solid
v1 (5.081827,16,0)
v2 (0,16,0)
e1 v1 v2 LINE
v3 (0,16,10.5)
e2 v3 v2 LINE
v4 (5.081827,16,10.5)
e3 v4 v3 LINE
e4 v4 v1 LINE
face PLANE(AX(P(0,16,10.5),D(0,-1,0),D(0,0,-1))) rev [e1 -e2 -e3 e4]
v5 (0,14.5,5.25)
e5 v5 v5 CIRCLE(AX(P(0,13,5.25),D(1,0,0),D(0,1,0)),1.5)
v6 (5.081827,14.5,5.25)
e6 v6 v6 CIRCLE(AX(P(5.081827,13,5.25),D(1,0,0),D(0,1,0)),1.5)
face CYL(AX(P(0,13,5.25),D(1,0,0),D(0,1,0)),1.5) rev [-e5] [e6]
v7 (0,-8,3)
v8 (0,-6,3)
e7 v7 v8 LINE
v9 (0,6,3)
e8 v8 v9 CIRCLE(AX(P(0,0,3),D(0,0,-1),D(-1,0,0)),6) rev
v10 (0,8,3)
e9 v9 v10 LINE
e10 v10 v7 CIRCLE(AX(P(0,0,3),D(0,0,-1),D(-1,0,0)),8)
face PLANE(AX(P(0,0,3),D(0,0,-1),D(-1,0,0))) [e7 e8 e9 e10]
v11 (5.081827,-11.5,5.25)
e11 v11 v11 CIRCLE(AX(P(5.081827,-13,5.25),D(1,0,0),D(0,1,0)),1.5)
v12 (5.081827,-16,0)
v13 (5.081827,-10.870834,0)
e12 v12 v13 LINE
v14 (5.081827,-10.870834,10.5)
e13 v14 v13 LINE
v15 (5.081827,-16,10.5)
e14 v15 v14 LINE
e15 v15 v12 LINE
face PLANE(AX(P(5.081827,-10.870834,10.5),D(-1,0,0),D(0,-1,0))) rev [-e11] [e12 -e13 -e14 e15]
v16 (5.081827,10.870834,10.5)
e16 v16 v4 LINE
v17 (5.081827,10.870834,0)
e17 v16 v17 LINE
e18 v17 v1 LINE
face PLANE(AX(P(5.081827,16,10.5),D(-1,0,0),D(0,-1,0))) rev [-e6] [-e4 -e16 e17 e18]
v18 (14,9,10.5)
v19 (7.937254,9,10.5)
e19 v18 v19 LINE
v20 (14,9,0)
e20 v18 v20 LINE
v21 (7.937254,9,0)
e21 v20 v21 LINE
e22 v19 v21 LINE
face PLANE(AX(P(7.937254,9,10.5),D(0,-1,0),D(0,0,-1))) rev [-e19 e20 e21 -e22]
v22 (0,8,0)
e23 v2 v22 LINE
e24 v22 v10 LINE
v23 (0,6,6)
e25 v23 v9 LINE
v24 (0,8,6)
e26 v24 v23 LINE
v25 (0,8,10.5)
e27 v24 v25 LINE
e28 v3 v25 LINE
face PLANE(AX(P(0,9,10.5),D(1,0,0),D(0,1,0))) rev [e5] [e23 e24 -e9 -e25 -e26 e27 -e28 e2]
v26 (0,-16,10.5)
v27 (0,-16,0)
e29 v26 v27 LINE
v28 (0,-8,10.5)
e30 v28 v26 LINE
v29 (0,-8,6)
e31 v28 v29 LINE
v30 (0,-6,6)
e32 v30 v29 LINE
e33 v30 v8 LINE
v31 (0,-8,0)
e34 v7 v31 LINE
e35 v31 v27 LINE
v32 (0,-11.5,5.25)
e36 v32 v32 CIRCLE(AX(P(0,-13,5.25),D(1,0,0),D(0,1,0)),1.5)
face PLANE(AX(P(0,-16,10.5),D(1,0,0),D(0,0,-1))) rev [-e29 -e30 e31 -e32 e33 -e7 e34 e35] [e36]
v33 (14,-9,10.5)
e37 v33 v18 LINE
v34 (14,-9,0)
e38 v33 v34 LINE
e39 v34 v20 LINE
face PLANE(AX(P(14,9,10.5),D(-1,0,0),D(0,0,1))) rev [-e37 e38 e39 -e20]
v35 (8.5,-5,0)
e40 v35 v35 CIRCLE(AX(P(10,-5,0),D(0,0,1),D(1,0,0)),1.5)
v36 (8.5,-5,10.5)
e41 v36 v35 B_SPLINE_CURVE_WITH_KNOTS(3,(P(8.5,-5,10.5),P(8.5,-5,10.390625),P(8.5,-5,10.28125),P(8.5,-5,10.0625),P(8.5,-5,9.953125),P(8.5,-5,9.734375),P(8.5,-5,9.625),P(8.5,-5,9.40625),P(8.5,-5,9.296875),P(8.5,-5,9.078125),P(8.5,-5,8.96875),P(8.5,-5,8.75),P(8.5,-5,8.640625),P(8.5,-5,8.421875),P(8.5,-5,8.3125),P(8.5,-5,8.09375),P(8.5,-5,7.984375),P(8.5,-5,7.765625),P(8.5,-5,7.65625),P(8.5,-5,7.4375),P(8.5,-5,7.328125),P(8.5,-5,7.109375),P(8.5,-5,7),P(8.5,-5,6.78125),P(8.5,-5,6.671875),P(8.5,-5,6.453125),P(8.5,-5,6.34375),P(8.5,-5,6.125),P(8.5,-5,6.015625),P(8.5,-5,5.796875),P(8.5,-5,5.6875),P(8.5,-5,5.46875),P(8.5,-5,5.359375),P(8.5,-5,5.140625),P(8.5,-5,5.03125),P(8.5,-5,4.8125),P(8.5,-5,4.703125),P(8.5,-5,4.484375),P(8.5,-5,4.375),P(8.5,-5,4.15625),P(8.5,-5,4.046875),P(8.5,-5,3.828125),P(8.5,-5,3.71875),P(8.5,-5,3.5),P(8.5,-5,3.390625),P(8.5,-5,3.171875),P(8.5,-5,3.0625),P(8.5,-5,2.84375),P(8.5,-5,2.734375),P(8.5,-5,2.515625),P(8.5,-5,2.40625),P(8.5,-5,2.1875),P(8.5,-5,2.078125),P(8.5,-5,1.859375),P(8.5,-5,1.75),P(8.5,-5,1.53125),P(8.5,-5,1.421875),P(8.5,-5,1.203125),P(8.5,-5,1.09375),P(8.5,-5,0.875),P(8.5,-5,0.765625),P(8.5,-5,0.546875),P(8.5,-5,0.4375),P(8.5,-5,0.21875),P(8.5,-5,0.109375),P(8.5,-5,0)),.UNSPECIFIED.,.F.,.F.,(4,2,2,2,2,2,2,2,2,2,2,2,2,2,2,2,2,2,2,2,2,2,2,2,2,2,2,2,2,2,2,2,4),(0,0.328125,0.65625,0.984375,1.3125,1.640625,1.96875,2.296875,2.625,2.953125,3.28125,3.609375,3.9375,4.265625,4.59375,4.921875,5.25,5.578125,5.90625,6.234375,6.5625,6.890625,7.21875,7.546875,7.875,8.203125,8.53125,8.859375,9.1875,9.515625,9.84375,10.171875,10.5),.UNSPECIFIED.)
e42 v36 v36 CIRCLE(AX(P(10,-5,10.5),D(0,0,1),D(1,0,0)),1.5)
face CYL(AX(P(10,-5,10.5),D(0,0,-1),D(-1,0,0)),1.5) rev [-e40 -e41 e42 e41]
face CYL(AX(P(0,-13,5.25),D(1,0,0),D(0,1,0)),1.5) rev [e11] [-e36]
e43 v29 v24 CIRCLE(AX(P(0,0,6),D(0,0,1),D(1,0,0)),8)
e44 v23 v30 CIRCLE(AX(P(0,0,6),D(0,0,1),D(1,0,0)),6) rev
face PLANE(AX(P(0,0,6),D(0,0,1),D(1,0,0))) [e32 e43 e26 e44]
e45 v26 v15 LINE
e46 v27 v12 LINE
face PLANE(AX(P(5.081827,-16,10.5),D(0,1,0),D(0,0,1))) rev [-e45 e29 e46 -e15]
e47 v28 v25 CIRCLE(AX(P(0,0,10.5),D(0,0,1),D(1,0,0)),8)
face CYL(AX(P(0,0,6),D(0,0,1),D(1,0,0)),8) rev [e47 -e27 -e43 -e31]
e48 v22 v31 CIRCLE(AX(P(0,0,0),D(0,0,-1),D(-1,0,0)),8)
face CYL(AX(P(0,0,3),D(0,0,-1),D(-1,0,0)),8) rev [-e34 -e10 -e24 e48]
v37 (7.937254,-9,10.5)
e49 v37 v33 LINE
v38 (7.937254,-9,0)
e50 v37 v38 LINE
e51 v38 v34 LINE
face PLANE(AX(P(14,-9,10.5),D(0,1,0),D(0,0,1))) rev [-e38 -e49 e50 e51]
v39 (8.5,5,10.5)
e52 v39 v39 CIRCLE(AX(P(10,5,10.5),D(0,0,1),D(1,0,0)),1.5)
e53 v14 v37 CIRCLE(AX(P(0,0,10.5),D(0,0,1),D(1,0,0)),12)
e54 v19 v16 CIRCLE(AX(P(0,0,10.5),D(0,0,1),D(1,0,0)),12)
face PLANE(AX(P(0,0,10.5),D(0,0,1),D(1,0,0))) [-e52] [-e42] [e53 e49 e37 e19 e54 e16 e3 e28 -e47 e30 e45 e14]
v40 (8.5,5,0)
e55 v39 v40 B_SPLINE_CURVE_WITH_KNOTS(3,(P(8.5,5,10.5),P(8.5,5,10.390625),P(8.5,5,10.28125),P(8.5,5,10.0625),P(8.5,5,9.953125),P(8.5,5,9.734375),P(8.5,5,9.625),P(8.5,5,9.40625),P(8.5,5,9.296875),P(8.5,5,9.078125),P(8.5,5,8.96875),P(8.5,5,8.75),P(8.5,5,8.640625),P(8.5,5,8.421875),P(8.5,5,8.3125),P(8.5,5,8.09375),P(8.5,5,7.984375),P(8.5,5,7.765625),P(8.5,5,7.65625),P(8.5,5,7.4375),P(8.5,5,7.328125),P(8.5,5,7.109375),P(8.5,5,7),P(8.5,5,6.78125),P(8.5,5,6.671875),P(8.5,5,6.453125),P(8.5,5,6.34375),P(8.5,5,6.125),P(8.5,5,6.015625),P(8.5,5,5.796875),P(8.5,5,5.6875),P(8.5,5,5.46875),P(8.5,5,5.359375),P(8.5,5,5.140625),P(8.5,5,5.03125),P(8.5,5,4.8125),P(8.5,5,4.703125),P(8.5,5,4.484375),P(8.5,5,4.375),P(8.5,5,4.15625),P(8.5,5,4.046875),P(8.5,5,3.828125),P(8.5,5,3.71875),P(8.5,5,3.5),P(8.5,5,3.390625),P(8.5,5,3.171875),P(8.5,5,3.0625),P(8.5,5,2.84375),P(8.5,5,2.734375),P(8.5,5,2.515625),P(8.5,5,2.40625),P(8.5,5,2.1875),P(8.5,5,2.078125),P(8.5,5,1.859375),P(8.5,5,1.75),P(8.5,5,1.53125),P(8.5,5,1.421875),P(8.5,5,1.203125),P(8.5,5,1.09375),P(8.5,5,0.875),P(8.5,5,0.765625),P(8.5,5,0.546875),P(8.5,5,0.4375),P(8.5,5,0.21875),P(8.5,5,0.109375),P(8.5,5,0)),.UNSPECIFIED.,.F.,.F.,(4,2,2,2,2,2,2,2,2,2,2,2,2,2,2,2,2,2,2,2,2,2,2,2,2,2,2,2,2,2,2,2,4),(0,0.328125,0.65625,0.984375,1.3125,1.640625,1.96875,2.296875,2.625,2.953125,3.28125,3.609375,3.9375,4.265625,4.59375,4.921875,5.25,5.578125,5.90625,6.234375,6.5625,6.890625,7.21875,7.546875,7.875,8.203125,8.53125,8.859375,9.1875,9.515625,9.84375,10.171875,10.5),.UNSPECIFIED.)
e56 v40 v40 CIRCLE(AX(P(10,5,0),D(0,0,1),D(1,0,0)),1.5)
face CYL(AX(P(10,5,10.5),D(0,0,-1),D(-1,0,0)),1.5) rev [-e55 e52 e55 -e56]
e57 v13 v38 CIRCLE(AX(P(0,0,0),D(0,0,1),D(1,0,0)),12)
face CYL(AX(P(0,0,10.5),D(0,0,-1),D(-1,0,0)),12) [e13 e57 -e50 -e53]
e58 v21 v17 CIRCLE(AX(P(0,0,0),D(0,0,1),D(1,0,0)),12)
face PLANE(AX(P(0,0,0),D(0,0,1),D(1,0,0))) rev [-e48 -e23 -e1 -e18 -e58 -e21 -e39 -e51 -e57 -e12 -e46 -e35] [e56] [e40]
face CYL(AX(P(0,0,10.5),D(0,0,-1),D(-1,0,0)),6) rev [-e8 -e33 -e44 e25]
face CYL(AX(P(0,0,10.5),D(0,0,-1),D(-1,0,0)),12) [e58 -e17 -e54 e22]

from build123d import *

# Parameters (mm, degrees)
SKETCH2_R           = 1.5
BOSS_EXTRUDE1_DEPTH = 10.5
SKETCH3_R           = 8
CUT_EXTRUDE1_DEPTH  = 4.5
SKETCH5_R           = 1.5
CUT_EXTRUDE3_DEPTH  = 22.113593143
CUT_EXTRUDE2_START  = -3
SKETCH4_R           = 8
CUT_EXTRUDE2_DEPTH  = 3


with BuildPart() as part:
    # Sketch2 → Boss-Extrude1 (new body)
    with BuildSketch(Plane.XY):
        with BuildLine():
            Line((7.937253933, 9), (14, 9))
            Line((14, 9), (14, -9))
            Line((14, -9), (7.937253933, -9))
            ThreePointArc((7.937253933, -9), (6.576406328, -10.037473776), (5.081826677, -10.870834265))
            Line((5.081826677, -10.870834265), (5.081826677, -16))
            Line((5.081826677, -16), (0, -16))
            Line((0, -16), (0, -9))
            Line((0, -9), (0, -6))
            ThreePointArc((0, -6), (6, 0), (0, 6))
            Line((0, 6), (0, 9))
            Line((0, 9), (0, 16))
            Line((0, 16), (5.081826677, 16))
            Line((5.081826677, 16), (5.081826677, 10.870834265))
            ThreePointArc((5.081826677, 10.870834265), (6.576406328, 10.037473776), (7.937253933, 9))
        make_face()
        with Locations((10, 5)):
            Circle(SKETCH2_R, mode=Mode.SUBTRACT)
        with Locations((10, -5)):
            Circle(SKETCH2_R, mode=Mode.SUBTRACT)
    extrude(amount=BOSS_EXTRUDE1_DEPTH)

    # Sketch3 → Cut-Extrude1 (cut)
    with BuildSketch(Plane.XY.offset(10.5)):
        Circle(SKETCH3_R)
    extrude(amount=-CUT_EXTRUDE1_DEPTH, mode=Mode.SUBTRACT)

    # Sketch5 → Cut-Extrude3 (cut, through all)
    with BuildSketch(Plane(origin=(5.081826677, 0, 0), x_dir=(0, 0, -1), z_dir=(1, 0, 0))):
        with Locations((-5.25, 13)):
            Circle(SKETCH5_R)
        with Locations((-5.25, -13)):
            Circle(SKETCH5_R)
    extrude(amount=-CUT_EXTRUDE3_DEPTH, mode=Mode.SUBTRACT)

    # Sketch4 → Cut-Extrude2 (cut)
    with BuildSketch(Plane(origin=(0, 0, 0), x_dir=(-1, 0, 0), z_dir=(0, 0, -1)).offset(CUT_EXTRUDE2_START)):
        Circle(SKETCH4_R)
    extrude(amount=CUT_EXTRUDE2_DEPTH, mode=Mode.SUBTRACT)


solid = part.part
